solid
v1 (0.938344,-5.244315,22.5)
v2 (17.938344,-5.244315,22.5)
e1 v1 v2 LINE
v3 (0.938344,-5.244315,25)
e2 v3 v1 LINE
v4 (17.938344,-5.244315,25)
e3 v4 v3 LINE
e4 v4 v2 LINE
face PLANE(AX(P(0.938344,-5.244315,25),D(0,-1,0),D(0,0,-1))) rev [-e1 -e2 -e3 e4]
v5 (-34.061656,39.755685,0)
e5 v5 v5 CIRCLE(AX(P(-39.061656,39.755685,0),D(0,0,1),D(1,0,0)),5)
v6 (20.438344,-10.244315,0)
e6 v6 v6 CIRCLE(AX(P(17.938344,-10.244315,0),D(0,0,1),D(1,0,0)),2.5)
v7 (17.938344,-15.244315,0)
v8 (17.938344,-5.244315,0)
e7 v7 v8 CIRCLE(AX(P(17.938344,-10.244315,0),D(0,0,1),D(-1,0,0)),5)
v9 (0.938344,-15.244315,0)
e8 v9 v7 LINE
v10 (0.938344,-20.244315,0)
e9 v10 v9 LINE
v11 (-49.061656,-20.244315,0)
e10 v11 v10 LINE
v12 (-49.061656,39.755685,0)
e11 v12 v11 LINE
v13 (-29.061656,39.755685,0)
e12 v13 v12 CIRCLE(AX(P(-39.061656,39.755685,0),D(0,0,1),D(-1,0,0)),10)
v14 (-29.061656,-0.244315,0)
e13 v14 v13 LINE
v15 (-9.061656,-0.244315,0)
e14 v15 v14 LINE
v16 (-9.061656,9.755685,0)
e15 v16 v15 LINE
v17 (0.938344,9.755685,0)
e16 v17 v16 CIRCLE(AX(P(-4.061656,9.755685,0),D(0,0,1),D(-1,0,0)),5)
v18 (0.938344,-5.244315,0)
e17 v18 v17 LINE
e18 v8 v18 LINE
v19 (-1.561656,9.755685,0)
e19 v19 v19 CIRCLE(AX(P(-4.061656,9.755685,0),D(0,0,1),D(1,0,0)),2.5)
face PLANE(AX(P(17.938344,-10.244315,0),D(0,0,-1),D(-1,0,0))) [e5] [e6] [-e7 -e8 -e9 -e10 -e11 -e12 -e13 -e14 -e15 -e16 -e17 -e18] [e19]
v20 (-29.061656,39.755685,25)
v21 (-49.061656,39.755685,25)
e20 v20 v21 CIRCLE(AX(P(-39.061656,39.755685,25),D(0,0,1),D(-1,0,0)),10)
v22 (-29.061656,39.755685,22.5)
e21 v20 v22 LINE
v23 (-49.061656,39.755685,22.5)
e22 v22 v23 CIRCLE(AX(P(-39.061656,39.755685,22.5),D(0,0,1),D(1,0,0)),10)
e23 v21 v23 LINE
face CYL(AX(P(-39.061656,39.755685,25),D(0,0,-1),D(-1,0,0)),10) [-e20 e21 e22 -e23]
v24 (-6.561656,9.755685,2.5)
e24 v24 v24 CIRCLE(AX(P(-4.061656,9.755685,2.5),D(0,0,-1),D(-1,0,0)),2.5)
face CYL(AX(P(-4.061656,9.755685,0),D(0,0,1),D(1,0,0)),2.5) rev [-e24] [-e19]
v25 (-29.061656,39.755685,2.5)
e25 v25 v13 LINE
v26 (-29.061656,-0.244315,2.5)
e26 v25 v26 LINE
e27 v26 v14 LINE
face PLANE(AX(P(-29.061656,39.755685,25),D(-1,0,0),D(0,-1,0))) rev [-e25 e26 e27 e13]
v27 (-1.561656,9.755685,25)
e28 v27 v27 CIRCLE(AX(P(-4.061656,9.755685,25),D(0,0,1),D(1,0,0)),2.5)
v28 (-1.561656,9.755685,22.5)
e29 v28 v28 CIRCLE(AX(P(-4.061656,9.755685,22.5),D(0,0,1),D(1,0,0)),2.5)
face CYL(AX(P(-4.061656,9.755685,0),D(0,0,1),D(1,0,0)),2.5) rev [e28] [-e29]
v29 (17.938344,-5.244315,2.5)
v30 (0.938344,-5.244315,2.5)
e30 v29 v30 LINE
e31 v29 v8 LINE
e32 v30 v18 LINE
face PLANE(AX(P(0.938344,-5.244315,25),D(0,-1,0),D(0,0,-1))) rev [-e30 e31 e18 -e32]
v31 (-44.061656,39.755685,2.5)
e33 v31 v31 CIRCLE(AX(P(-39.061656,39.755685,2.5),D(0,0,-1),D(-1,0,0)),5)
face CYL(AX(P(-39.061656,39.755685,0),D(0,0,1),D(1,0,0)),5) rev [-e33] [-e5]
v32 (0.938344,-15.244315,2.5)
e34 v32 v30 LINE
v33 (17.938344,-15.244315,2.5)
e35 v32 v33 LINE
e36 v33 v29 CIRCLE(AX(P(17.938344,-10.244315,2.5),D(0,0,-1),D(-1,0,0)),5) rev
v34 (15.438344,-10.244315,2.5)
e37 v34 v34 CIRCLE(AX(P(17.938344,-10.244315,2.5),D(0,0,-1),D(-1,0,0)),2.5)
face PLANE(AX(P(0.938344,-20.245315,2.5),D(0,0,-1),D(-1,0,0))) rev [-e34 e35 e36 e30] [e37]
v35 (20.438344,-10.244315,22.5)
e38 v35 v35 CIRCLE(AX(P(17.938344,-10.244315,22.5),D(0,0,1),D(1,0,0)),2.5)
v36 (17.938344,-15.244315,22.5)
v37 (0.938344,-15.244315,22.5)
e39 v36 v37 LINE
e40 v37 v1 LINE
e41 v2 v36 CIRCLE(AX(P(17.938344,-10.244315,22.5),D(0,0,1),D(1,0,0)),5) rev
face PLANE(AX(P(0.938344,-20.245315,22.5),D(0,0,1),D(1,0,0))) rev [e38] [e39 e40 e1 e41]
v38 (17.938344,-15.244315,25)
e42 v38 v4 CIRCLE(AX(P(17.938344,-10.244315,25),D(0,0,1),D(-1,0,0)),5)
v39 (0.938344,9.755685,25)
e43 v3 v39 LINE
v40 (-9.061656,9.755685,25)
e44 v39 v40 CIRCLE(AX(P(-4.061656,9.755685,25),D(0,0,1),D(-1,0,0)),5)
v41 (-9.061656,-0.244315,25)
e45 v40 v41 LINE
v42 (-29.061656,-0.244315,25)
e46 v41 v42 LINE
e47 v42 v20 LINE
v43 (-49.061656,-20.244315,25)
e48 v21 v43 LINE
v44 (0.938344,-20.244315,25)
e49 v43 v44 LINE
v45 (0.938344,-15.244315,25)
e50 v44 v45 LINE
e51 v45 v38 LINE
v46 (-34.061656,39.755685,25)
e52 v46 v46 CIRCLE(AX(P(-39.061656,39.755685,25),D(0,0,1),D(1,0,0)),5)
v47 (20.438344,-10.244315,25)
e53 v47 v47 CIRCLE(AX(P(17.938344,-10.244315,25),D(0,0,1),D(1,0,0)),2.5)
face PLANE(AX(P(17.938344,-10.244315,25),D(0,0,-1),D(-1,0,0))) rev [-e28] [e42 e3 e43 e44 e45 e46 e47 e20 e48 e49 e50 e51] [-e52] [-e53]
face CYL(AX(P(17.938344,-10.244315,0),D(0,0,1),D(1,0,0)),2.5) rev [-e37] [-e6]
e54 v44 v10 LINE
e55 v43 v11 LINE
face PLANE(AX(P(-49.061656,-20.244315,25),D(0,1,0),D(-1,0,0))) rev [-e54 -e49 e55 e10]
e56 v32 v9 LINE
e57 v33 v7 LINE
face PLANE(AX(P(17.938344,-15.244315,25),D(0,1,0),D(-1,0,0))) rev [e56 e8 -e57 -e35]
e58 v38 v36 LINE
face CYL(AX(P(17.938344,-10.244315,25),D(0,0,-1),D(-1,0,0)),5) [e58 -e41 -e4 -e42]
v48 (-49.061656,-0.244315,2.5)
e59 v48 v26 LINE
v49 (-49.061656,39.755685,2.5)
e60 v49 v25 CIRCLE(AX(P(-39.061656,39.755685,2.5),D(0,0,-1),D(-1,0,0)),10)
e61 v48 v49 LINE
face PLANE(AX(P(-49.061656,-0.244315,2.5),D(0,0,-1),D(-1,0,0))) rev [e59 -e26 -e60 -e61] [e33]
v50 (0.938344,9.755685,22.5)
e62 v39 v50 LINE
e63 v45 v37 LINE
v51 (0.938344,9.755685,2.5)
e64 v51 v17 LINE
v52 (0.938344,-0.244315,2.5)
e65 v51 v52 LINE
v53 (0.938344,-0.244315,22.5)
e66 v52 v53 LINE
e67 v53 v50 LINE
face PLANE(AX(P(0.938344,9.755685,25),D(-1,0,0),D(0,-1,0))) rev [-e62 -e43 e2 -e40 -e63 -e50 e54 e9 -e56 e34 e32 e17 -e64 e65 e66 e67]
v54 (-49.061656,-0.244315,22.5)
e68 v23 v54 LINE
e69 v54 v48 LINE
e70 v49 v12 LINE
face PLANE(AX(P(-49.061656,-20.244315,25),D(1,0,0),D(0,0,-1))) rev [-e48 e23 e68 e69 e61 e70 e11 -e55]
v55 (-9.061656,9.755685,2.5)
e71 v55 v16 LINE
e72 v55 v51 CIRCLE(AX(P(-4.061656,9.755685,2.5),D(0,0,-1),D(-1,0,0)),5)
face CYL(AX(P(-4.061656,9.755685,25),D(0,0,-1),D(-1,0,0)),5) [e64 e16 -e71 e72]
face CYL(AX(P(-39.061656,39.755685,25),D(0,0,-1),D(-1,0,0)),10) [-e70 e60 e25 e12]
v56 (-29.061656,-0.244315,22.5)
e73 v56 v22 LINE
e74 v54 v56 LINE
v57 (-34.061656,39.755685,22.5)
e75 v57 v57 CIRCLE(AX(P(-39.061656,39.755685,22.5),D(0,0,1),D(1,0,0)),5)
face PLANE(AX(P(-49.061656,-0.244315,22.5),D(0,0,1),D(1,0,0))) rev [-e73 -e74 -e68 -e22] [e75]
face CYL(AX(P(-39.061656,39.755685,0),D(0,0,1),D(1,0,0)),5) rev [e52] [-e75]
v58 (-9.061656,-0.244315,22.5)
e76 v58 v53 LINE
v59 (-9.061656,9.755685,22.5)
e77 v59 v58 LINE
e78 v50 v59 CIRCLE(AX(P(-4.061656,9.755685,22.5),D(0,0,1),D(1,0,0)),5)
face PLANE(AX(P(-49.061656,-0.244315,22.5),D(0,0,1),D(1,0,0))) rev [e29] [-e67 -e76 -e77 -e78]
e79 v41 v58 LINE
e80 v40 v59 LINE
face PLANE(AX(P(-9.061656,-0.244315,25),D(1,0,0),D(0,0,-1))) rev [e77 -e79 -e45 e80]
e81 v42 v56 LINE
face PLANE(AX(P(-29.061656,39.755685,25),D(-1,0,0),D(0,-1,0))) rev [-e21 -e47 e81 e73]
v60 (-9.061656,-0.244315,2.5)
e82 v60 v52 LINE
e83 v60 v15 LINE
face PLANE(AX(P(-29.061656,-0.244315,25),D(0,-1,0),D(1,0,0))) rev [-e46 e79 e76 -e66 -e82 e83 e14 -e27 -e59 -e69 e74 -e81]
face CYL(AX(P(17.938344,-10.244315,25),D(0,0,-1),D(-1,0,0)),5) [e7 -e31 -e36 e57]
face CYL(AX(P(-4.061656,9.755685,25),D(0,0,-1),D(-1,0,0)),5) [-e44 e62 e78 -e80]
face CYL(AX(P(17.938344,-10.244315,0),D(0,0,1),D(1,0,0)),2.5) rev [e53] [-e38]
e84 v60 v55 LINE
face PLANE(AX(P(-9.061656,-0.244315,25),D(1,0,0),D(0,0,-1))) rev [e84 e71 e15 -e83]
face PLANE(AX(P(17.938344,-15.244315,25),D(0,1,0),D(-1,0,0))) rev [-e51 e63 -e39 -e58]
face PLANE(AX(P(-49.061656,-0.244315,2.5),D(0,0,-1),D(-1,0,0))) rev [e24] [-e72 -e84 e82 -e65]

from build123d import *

# Parameters (mm, degrees)
BOSS_EXTRUDE1_DEPTH     = 25
CUT_EXTRUDE2_DEPTH      = 77.188110548
CUT_EXTRUDE2_DEPTH_BACK = 77.188110548
SKETCH3_W               = 20
SKETCH3_H               = 56.795841011
SKETCH4_R               = 5
CUT_EXTRUDE3_DEPTH      = 75.213706527
SKETCH5_R               = 2.5
CUT_EXTRUDE4_DEPTH      = 75.213706527
CUT_EXTRUDE5_REACH      = 79.827
SKETCH7_W               = 25.650683803
SKETCH7_H               = 20
SKETCH8_R               = 2.5
CUT_EXTRUDE6_DEPTH      = 75.213706527


with BuildPart() as part:
    # Sketch1 → Boss-Extrude1 (new body)
    with BuildSketch(Plane.XY):
        with BuildLine():
            Line((-49.061655574, -20.24431501), (-49.061655574, 39.75568499))
            ThreePointArc((-49.061655574, 39.75568499), (-39.061655574, 49.75568499), (-29.061655574, 39.75568499))
            Line((-29.061655574, 39.75568499), (-29.061655574, -0.24431501))
            Line((-29.061655574, -0.24431501), (-9.061655574, -0.24431501))
            Line((-9.061655574, -0.24431501), (-9.061655574, 9.75568499))
            ThreePointArc((-9.061655574, 9.75568499), (-4.061655574, 14.75568499), (0.938344426, 9.75568499))
            Line((0.938344426, 9.75568499), (0.938344426, -5.24431501))
            Line((0.938344426, -5.24431501), (17.938344426, -5.24431501))
            ThreePointArc((17.938344426, -5.24431501), (22.938344426, -10.24431501), (17.938344426, -15.24431501))
            Line((17.938344426, -15.24431501), (0.938344426, -15.24431501))
            Line((0.938344426, -15.24431501), (0.938344426, -20.24431501))
            Line((0.938344426, -20.24431501), (-49.061655574, -20.24431501))
        make_face()
    extrude(amount=BOSS_EXTRUDE1_DEPTH)

    # Sketch3 → Cut-Extrude2 (cut, two sides: drawn at the far end of the back side and taken through both)
    with BuildSketch(Plane(origin=(-29.061655574, 0, 0), x_dir=(0, 0, -1), z_dir=(1, 0, 0)).offset(-CUT_EXTRUDE2_DEPTH_BACK)):
        with Locations((-12.5, 28.153605496)):
            Rectangle(SKETCH3_W, SKETCH3_H)
    extrude(amount=CUT_EXTRUDE2_DEPTH + CUT_EXTRUDE2_DEPTH_BACK, mode=Mode.SUBTRACT)

    # Sketch4 → Cut-Extrude3 (cut, through all)
    with BuildSketch(Plane.XY.offset(25)):
        with Locations((-39.061655574, 39.75568499)):
            Circle(SKETCH4_R)
    extrude(amount=-CUT_EXTRUDE3_DEPTH, mode=Mode.SUBTRACT)

    # Sketch5 → Cut-Extrude4 (cut, through all)
    with BuildSketch(Plane.XY.offset(25)):
        with Locations((-4.061655574, 9.75568499)):
            Circle(SKETCH5_R)
    extrude(amount=-CUT_EXTRUDE4_DEPTH, mode=Mode.SUBTRACT)

    # Sketch7 → Cut-Extrude5 (cut, up to next)
    with BuildSketch(Plane(origin=(0, -5.24431501, 0), x_dir=(1, 0, 0), z_dir=(0, 1, 0)), mode=Mode.PRIVATE) as cut_extrude5_sk1:
        with Locations((13.763686328, -12.5)):
            Rectangle(SKETCH7_W, SKETCH7_H)
    cut_extrude5_tool1 = extrude(cut_extrude5_sk1.sketch, amount=-CUT_EXTRUDE5_REACH, mode=Mode.PRIVATE) & part.part
    add(cut_extrude5_tool1.solids().sort_by_distance((13.763686, -5.244315, 12.5))[0], mode=Mode.SUBTRACT)

    # Sketch8 → Cut-Extrude6 (cut, through all)
    with BuildSketch(Plane.XY.offset(25)):
        with Locations((17.938344426, -10.24431501)):
            Circle(SKETCH8_R)
    extrude(amount=-CUT_EXTRUDE6_DEPTH, mode=Mode.SUBTRACT)


solid = part.part
